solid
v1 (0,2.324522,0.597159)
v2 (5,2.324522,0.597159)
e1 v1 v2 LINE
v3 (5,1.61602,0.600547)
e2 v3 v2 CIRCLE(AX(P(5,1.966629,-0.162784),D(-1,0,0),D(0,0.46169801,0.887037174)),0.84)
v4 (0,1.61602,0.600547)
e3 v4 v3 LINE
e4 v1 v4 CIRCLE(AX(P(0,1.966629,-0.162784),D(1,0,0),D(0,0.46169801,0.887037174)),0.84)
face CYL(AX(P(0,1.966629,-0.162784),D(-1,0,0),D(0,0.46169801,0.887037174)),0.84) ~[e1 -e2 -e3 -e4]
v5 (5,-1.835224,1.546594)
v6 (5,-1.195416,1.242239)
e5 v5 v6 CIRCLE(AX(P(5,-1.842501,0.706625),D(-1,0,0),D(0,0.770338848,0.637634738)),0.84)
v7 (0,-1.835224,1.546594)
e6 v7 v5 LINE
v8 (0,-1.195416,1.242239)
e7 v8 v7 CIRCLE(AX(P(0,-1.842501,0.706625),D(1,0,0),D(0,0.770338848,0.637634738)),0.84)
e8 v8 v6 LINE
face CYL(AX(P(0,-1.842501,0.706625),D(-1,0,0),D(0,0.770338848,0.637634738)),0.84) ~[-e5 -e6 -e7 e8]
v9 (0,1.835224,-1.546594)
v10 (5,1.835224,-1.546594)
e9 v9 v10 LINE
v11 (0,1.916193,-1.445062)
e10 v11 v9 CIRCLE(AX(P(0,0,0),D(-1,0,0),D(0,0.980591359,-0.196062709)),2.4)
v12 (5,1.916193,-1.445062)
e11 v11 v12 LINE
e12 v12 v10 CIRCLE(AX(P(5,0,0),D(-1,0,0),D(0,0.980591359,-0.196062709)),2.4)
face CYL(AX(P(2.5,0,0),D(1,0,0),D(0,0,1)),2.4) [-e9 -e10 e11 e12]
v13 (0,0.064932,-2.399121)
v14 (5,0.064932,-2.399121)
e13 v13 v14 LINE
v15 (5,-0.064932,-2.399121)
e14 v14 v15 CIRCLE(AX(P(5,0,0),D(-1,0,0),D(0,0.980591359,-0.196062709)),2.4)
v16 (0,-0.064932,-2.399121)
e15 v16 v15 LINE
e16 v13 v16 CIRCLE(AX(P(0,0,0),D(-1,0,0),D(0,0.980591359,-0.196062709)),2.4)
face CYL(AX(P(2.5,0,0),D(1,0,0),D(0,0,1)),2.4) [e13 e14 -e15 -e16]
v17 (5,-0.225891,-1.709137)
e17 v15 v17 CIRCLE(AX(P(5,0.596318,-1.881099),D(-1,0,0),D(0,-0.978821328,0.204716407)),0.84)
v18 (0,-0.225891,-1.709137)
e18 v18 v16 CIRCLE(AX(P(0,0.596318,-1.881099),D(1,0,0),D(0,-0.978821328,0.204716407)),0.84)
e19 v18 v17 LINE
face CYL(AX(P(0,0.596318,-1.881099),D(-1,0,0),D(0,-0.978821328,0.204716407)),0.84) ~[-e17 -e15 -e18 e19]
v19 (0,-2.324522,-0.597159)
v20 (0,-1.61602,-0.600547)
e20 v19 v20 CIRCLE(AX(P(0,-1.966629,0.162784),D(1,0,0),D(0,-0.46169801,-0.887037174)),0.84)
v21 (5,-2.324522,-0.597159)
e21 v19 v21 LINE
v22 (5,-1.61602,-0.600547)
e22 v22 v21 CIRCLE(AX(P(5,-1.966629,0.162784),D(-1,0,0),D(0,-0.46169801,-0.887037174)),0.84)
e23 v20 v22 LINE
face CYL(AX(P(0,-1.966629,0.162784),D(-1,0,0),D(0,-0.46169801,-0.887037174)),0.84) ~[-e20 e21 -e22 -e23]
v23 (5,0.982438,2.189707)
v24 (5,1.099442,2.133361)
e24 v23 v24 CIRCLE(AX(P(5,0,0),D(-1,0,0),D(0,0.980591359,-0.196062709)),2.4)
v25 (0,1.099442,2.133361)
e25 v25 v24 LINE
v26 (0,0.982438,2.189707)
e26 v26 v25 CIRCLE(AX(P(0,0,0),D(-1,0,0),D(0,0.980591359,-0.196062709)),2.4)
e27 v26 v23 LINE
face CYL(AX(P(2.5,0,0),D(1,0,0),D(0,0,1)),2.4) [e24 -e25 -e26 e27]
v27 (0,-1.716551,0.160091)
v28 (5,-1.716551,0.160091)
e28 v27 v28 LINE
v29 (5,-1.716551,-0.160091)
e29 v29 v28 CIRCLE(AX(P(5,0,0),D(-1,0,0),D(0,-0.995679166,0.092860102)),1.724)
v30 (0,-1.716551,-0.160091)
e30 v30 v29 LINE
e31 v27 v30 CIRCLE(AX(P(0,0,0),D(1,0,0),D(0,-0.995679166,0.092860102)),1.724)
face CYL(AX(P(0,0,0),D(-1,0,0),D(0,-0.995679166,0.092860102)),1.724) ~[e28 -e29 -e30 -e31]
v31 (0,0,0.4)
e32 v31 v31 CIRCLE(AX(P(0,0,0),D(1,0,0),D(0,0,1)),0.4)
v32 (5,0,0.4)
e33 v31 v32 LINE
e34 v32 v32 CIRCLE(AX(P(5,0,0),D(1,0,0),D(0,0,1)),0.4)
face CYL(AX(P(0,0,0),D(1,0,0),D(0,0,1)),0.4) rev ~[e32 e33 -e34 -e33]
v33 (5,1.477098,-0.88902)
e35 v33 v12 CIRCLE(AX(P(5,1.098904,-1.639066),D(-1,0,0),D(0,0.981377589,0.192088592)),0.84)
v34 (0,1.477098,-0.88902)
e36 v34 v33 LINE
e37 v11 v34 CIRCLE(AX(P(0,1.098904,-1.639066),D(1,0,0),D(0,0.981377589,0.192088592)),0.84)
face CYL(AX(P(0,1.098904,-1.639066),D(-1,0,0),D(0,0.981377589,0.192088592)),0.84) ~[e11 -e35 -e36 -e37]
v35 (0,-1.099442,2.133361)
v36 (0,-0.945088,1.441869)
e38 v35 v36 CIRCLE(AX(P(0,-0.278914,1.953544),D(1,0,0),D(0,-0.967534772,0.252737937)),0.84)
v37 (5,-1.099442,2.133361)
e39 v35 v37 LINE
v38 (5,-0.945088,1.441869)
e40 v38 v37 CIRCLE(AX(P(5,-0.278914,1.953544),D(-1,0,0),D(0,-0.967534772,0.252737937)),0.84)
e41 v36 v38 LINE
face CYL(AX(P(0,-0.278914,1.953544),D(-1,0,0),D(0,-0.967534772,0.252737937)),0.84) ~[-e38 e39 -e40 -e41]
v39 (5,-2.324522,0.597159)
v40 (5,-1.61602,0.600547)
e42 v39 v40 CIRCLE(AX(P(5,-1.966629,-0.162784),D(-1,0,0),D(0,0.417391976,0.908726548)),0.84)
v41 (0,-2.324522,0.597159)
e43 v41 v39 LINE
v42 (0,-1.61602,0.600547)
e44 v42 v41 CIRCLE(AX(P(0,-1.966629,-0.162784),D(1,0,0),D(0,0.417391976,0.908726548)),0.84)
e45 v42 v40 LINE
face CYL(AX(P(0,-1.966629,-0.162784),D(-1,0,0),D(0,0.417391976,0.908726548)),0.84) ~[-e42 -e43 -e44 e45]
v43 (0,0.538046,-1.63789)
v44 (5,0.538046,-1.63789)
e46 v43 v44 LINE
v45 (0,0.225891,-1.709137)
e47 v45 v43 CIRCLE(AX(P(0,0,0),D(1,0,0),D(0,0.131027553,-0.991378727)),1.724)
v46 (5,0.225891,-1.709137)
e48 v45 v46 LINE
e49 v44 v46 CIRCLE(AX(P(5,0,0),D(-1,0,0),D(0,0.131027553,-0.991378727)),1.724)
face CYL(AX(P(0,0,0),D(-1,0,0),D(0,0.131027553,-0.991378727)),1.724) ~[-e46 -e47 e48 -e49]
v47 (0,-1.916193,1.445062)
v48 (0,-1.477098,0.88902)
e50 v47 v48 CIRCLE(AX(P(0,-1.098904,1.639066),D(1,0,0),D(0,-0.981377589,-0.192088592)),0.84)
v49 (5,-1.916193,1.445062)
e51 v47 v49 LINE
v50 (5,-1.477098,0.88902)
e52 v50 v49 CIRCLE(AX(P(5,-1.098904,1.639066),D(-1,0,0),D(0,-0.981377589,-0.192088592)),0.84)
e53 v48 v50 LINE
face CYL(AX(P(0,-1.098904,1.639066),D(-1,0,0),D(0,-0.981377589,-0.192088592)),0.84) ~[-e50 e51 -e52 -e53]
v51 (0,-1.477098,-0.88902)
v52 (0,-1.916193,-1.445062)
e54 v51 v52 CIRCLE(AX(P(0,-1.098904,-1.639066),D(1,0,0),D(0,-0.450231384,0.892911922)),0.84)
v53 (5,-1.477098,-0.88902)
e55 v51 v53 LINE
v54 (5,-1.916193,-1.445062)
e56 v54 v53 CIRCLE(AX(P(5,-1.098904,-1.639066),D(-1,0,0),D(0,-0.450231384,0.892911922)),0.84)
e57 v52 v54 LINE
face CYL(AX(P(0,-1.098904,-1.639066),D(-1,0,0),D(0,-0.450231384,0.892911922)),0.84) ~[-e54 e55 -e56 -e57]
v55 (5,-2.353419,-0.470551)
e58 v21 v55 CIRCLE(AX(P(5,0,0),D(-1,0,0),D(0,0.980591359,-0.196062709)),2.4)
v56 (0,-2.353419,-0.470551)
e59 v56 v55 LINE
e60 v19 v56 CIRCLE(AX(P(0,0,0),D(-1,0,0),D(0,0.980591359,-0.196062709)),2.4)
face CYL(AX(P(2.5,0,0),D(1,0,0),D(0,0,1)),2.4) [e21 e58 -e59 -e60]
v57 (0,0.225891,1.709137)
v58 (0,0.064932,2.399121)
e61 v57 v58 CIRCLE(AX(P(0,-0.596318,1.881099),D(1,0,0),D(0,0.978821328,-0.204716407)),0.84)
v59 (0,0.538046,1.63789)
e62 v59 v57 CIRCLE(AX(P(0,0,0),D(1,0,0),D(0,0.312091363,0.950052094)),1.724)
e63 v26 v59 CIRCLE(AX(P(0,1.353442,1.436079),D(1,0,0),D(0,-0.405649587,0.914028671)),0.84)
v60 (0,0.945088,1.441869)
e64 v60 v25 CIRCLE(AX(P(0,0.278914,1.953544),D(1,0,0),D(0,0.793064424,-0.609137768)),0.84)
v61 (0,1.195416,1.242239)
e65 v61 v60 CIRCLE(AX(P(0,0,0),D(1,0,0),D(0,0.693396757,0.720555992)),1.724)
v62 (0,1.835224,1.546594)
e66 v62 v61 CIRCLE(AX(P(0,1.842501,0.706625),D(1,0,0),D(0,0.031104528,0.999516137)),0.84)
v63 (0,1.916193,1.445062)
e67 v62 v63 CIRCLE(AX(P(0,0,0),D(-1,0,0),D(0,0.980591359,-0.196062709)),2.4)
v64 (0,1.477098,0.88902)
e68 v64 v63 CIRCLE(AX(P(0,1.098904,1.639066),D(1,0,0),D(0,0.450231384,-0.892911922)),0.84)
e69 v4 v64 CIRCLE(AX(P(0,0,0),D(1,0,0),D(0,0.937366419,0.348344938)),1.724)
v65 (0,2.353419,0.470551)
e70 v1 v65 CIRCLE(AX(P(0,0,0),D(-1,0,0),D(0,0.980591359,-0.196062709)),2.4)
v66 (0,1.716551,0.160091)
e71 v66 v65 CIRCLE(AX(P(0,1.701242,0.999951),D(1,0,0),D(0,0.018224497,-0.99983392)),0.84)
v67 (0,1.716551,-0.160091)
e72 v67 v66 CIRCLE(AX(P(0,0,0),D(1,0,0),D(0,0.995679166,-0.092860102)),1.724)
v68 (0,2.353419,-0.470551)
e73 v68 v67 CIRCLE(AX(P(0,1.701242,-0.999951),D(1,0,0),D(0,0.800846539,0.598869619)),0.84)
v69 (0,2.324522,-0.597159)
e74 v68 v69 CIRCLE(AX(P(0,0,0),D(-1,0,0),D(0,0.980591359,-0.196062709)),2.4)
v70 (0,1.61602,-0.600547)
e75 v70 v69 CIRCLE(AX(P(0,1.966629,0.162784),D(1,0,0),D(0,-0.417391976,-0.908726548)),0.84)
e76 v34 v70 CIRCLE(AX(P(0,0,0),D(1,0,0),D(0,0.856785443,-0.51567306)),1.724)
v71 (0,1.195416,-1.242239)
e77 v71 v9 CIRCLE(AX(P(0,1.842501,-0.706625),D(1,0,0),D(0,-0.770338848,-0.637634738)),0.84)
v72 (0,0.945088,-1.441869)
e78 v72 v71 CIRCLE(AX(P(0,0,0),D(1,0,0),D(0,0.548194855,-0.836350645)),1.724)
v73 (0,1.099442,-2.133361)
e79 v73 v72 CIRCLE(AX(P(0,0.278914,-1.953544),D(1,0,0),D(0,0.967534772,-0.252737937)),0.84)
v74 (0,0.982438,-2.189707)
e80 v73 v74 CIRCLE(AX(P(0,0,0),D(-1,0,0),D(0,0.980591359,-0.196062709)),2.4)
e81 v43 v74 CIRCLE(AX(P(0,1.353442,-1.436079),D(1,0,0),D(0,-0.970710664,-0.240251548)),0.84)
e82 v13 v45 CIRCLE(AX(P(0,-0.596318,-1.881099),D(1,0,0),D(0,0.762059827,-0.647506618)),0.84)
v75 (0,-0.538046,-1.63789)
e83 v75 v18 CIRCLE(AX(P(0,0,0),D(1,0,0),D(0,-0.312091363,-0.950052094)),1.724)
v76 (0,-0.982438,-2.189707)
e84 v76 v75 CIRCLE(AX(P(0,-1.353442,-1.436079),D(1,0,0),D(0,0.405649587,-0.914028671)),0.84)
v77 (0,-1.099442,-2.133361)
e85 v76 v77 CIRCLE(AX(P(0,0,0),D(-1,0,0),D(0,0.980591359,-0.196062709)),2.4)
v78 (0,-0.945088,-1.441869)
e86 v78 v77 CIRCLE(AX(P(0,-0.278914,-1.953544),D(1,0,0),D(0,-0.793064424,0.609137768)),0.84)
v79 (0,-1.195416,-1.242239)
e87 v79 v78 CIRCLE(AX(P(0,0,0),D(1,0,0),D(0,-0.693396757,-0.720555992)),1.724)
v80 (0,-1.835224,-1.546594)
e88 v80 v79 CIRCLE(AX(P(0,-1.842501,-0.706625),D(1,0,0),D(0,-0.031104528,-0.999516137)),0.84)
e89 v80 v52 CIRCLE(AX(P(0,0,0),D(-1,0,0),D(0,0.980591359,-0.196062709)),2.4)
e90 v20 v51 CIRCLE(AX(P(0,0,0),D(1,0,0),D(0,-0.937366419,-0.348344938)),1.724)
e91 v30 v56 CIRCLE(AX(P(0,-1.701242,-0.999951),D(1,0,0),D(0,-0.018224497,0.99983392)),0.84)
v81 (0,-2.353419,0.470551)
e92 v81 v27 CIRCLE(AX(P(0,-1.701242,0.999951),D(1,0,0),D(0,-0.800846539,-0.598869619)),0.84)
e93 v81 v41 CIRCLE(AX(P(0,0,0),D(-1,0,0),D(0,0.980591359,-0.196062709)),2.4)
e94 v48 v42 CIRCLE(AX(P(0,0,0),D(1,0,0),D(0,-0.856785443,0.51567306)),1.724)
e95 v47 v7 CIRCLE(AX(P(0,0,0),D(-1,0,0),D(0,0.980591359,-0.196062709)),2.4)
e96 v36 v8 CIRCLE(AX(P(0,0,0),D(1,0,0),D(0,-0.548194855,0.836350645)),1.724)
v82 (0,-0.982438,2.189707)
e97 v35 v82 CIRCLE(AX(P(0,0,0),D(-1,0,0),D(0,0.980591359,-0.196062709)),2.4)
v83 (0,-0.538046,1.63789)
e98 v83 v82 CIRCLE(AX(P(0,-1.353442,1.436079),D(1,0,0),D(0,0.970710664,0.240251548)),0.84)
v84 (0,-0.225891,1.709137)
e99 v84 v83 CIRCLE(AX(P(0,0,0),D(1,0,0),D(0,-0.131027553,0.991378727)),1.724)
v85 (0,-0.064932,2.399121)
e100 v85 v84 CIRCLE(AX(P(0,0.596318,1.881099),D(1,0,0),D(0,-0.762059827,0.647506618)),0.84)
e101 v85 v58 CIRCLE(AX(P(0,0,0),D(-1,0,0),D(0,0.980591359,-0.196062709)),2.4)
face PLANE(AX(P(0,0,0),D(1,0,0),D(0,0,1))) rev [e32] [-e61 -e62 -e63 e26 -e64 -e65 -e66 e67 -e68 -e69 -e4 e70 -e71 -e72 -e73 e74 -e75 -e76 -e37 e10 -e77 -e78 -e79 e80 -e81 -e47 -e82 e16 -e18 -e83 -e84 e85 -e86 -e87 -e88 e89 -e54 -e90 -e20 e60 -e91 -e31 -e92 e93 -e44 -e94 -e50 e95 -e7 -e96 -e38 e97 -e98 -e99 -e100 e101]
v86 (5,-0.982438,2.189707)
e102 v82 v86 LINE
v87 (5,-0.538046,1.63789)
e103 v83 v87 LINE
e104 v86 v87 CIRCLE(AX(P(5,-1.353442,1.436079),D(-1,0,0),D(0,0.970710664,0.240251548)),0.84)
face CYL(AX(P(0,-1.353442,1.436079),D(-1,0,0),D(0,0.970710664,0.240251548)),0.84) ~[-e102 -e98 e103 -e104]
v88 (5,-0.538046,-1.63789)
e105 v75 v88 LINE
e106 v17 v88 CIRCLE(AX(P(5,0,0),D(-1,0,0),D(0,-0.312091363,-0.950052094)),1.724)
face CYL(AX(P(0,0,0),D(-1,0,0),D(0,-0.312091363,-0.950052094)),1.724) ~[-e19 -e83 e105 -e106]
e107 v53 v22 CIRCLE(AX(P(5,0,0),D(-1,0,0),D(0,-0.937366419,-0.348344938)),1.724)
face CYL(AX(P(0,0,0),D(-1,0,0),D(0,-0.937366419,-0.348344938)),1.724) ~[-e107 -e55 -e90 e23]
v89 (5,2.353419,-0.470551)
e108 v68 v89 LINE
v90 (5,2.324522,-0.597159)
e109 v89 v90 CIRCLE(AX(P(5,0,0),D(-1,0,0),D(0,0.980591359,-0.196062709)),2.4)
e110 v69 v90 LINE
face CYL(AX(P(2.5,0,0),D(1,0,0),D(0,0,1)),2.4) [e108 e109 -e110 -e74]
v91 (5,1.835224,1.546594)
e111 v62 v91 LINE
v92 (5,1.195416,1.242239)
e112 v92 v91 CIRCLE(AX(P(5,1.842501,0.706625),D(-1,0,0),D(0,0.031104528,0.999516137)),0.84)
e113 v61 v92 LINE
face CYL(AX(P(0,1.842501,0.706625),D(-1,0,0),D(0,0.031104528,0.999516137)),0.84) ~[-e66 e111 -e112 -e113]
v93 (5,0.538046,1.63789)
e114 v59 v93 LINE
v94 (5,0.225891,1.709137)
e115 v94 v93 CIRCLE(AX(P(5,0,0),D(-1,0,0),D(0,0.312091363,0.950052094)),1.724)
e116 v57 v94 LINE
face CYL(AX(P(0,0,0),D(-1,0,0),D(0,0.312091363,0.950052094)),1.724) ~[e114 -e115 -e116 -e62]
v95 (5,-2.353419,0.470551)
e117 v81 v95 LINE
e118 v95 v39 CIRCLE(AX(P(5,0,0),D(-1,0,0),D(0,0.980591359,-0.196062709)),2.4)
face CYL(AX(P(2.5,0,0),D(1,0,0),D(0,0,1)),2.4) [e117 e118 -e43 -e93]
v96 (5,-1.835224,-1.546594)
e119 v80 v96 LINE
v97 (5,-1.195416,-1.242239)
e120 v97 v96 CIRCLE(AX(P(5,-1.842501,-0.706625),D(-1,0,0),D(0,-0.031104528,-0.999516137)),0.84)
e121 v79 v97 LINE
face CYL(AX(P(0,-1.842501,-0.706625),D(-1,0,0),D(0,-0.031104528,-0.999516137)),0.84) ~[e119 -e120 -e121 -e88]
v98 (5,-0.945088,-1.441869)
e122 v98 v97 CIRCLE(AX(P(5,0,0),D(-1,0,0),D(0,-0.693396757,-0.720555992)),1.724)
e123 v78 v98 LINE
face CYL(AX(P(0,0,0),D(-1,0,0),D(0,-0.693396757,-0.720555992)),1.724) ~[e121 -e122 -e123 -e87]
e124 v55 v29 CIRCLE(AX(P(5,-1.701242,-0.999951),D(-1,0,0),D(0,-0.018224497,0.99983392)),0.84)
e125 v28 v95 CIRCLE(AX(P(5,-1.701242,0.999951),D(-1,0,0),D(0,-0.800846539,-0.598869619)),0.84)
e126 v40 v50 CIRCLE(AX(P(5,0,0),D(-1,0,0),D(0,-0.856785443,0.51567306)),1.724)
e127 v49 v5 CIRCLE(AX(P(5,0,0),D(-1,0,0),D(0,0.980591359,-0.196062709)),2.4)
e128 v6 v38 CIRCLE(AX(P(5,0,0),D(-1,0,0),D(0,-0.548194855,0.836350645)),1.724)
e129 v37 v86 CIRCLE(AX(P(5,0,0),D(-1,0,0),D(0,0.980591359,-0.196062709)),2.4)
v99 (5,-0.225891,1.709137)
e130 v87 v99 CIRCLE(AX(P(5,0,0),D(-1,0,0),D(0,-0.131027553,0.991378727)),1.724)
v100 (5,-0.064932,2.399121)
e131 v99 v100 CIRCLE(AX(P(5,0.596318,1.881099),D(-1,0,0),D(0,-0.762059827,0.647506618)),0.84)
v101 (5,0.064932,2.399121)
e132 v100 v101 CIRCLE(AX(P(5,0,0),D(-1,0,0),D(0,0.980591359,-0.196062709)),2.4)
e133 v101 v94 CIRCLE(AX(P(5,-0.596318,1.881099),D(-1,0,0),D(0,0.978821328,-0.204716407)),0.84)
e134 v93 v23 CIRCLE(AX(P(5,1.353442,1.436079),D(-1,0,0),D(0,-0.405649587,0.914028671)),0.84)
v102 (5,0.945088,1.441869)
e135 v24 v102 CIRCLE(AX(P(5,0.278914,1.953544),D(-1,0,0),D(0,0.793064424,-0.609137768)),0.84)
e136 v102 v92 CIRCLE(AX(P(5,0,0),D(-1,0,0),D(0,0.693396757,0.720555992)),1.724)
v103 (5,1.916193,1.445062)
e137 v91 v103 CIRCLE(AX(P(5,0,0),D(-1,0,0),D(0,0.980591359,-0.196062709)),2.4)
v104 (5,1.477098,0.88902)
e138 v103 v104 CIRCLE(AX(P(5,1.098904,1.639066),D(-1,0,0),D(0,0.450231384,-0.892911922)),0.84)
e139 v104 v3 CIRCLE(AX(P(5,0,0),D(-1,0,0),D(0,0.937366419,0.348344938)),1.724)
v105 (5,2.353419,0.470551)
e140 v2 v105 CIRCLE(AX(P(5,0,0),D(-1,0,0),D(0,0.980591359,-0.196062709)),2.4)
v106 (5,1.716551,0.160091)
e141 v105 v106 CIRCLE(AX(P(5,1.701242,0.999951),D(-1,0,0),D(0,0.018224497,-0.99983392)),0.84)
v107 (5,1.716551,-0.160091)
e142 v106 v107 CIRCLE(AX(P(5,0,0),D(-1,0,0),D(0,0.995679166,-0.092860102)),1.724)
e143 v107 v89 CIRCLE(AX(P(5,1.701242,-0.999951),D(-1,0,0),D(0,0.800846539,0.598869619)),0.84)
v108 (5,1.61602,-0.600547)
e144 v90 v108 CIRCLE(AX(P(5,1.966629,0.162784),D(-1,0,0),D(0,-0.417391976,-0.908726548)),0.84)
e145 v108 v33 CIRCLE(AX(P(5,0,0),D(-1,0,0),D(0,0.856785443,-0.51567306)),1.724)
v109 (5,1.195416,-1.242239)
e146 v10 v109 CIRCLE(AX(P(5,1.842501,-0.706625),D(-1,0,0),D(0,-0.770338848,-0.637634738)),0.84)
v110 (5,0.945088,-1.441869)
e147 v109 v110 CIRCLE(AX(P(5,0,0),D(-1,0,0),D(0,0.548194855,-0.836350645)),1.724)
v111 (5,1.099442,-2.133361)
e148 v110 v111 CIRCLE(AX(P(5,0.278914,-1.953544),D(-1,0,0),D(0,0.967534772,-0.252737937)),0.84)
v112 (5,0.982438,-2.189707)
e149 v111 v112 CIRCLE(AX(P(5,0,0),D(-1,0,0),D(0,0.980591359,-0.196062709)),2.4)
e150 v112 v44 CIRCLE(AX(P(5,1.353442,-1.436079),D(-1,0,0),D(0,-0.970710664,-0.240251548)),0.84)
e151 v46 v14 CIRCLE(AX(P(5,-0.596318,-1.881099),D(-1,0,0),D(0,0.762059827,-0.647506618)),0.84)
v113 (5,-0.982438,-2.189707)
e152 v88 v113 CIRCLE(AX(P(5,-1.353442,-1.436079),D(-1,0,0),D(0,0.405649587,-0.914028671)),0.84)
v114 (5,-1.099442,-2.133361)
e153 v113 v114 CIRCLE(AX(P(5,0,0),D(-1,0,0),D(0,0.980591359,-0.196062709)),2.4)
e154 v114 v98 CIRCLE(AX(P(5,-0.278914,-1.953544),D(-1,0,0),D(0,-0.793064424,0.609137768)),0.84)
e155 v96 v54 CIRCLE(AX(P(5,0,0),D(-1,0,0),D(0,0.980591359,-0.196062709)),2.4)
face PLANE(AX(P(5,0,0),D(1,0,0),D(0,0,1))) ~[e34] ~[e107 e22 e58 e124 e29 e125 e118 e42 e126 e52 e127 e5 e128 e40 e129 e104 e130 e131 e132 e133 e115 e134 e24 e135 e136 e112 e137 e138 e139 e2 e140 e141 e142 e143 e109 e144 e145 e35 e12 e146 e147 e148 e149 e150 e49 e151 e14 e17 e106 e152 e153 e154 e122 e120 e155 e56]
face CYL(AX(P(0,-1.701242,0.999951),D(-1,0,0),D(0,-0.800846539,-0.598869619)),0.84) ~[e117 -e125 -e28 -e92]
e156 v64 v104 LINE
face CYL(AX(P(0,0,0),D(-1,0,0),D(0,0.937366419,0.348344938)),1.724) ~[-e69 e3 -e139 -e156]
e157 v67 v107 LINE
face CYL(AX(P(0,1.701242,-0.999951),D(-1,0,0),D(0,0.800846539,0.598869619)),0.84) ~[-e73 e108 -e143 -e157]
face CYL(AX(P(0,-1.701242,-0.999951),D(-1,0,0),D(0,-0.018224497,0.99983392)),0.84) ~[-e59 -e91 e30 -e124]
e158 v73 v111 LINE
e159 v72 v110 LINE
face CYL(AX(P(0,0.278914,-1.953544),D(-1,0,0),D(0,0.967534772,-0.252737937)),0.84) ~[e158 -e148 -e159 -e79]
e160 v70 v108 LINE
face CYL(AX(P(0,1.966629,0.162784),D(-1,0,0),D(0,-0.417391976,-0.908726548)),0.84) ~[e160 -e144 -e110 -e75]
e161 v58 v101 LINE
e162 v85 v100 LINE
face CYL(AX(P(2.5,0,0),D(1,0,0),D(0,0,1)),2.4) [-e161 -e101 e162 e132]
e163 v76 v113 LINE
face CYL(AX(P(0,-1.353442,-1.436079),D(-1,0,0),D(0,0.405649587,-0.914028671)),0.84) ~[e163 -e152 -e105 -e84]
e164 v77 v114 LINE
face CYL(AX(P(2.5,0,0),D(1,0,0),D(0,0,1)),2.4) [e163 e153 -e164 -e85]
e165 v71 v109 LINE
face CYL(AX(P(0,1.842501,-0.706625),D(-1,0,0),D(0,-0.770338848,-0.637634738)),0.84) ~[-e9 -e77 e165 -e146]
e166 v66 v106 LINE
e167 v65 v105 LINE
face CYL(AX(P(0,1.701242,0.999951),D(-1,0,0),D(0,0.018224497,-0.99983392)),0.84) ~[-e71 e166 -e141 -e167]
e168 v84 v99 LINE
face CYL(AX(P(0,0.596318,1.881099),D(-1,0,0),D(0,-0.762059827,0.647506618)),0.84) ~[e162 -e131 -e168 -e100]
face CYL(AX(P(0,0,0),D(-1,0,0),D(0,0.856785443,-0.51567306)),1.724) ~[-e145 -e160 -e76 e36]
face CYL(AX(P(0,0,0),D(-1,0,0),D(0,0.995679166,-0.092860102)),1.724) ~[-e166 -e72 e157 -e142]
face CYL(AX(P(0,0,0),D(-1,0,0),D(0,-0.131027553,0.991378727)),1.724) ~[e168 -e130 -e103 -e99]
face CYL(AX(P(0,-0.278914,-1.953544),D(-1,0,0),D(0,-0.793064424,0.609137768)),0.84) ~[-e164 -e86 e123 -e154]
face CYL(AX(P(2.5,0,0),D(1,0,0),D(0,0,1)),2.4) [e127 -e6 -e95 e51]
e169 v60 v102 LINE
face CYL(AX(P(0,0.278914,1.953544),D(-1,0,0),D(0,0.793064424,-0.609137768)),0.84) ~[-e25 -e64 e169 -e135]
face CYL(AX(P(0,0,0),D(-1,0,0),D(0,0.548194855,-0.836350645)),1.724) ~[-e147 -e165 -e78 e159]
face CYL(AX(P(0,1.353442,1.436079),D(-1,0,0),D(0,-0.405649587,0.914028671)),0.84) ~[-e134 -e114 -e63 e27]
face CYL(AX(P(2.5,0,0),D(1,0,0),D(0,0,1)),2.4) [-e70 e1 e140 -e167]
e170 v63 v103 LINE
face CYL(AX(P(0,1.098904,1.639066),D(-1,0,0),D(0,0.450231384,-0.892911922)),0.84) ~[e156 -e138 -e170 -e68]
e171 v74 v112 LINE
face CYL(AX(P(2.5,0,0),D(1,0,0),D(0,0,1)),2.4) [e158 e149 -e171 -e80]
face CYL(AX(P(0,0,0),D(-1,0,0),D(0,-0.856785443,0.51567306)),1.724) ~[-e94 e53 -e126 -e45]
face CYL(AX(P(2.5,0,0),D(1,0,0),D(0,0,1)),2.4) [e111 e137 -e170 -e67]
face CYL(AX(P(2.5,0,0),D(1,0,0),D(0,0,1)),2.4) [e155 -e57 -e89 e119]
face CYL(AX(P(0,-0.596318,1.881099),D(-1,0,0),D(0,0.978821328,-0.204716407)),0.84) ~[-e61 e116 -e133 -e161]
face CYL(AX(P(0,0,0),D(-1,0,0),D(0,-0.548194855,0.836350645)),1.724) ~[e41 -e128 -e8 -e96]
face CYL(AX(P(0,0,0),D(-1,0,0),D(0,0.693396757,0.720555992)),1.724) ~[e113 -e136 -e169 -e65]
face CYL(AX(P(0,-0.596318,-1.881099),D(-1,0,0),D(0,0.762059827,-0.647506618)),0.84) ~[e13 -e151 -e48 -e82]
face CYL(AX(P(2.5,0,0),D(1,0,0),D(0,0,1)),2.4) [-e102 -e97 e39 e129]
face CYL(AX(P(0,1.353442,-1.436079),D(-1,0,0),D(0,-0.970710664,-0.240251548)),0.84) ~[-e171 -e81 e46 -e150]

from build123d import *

# Parameters (mm, degrees)
BASPROSKE_W     = 5
BASPROSKE_H     = 2.4
TOOTHCUT_DEPTH  = 7.043177972
TEETHCUTS_COUNT = 14
TEETHCUTS_ANGLE = 334.285714286
BORSKE_R        = 0.4
BORE_DEPTH      = 50.0000508


with BuildPart() as part:
    # BasProSke → Base-Revolve (revolve)
    with BuildSketch(Plane(origin=(0, 0, 0), x_dir=(1, 0, 0), z_dir=(0, 1, 0)), mode=Mode.PRIVATE) as base_revolve_sk:
        with Locations((2.5, 1.2)):
            Rectangle(BASPROSKE_W, BASPROSKE_H)
    revolve(base_revolve_sk.sketch.rotate(Axis((-10, 0, 0), (1, 0, 0)), 180), axis=Axis((-10, 0, 0), (1, 0, 0)))

    # TooCutSke → ToothCut (cut, through all)
    with BuildSketch(Plane(origin=(0, 0, 0), x_dir=(0, 0, -1), z_dir=(1, 0, 0))):
        with BuildLine():
            ThreePointArc((0.160090817, 1.716550882), (0, 1.724), (-0.160090817, 1.716550882))
            ThreePointArc((-0.160090817, 1.716550882), (-0.252357177, 2.084260597), (-0.496900829, 2.373953396))
            ThreePointArc((-0.496900829, 2.373953396), (0, 2.4254), (0.496900829, 2.373953396))
            ThreePointArc((0.496900829, 2.373953396), (0.252357177, 2.084260597), (0.160090817, 1.716550882))
        make_face()
    toothcut = extrude(amount=TOOTHCUT_DEPTH, mode=Mode.SUBTRACT)

    # TeethCuts: ToothCut ×14 about axis
    teethcuts_axis = Axis((-10, 0, 0), (1, 0, 0))
    for i in range(1, TEETHCUTS_COUNT):
        add(toothcut.rotate(teethcuts_axis, i * TEETHCUTS_ANGLE / (TEETHCUTS_COUNT - 1)), mode=Mode.SUBTRACT)

    # BorSke → Bore (cut, symmetric)
    with BuildSketch(Plane(origin=(0, 0, 0), x_dir=(0, 0, -1), z_dir=(1, 0, 0))):
        with Locations(Location((0, 0, 0), (0, 0, 180))):
            Circle(BORSKE_R)
    extrude(amount=BORE_DEPTH, both=True, mode=Mode.SUBTRACT)


solid = part.part
